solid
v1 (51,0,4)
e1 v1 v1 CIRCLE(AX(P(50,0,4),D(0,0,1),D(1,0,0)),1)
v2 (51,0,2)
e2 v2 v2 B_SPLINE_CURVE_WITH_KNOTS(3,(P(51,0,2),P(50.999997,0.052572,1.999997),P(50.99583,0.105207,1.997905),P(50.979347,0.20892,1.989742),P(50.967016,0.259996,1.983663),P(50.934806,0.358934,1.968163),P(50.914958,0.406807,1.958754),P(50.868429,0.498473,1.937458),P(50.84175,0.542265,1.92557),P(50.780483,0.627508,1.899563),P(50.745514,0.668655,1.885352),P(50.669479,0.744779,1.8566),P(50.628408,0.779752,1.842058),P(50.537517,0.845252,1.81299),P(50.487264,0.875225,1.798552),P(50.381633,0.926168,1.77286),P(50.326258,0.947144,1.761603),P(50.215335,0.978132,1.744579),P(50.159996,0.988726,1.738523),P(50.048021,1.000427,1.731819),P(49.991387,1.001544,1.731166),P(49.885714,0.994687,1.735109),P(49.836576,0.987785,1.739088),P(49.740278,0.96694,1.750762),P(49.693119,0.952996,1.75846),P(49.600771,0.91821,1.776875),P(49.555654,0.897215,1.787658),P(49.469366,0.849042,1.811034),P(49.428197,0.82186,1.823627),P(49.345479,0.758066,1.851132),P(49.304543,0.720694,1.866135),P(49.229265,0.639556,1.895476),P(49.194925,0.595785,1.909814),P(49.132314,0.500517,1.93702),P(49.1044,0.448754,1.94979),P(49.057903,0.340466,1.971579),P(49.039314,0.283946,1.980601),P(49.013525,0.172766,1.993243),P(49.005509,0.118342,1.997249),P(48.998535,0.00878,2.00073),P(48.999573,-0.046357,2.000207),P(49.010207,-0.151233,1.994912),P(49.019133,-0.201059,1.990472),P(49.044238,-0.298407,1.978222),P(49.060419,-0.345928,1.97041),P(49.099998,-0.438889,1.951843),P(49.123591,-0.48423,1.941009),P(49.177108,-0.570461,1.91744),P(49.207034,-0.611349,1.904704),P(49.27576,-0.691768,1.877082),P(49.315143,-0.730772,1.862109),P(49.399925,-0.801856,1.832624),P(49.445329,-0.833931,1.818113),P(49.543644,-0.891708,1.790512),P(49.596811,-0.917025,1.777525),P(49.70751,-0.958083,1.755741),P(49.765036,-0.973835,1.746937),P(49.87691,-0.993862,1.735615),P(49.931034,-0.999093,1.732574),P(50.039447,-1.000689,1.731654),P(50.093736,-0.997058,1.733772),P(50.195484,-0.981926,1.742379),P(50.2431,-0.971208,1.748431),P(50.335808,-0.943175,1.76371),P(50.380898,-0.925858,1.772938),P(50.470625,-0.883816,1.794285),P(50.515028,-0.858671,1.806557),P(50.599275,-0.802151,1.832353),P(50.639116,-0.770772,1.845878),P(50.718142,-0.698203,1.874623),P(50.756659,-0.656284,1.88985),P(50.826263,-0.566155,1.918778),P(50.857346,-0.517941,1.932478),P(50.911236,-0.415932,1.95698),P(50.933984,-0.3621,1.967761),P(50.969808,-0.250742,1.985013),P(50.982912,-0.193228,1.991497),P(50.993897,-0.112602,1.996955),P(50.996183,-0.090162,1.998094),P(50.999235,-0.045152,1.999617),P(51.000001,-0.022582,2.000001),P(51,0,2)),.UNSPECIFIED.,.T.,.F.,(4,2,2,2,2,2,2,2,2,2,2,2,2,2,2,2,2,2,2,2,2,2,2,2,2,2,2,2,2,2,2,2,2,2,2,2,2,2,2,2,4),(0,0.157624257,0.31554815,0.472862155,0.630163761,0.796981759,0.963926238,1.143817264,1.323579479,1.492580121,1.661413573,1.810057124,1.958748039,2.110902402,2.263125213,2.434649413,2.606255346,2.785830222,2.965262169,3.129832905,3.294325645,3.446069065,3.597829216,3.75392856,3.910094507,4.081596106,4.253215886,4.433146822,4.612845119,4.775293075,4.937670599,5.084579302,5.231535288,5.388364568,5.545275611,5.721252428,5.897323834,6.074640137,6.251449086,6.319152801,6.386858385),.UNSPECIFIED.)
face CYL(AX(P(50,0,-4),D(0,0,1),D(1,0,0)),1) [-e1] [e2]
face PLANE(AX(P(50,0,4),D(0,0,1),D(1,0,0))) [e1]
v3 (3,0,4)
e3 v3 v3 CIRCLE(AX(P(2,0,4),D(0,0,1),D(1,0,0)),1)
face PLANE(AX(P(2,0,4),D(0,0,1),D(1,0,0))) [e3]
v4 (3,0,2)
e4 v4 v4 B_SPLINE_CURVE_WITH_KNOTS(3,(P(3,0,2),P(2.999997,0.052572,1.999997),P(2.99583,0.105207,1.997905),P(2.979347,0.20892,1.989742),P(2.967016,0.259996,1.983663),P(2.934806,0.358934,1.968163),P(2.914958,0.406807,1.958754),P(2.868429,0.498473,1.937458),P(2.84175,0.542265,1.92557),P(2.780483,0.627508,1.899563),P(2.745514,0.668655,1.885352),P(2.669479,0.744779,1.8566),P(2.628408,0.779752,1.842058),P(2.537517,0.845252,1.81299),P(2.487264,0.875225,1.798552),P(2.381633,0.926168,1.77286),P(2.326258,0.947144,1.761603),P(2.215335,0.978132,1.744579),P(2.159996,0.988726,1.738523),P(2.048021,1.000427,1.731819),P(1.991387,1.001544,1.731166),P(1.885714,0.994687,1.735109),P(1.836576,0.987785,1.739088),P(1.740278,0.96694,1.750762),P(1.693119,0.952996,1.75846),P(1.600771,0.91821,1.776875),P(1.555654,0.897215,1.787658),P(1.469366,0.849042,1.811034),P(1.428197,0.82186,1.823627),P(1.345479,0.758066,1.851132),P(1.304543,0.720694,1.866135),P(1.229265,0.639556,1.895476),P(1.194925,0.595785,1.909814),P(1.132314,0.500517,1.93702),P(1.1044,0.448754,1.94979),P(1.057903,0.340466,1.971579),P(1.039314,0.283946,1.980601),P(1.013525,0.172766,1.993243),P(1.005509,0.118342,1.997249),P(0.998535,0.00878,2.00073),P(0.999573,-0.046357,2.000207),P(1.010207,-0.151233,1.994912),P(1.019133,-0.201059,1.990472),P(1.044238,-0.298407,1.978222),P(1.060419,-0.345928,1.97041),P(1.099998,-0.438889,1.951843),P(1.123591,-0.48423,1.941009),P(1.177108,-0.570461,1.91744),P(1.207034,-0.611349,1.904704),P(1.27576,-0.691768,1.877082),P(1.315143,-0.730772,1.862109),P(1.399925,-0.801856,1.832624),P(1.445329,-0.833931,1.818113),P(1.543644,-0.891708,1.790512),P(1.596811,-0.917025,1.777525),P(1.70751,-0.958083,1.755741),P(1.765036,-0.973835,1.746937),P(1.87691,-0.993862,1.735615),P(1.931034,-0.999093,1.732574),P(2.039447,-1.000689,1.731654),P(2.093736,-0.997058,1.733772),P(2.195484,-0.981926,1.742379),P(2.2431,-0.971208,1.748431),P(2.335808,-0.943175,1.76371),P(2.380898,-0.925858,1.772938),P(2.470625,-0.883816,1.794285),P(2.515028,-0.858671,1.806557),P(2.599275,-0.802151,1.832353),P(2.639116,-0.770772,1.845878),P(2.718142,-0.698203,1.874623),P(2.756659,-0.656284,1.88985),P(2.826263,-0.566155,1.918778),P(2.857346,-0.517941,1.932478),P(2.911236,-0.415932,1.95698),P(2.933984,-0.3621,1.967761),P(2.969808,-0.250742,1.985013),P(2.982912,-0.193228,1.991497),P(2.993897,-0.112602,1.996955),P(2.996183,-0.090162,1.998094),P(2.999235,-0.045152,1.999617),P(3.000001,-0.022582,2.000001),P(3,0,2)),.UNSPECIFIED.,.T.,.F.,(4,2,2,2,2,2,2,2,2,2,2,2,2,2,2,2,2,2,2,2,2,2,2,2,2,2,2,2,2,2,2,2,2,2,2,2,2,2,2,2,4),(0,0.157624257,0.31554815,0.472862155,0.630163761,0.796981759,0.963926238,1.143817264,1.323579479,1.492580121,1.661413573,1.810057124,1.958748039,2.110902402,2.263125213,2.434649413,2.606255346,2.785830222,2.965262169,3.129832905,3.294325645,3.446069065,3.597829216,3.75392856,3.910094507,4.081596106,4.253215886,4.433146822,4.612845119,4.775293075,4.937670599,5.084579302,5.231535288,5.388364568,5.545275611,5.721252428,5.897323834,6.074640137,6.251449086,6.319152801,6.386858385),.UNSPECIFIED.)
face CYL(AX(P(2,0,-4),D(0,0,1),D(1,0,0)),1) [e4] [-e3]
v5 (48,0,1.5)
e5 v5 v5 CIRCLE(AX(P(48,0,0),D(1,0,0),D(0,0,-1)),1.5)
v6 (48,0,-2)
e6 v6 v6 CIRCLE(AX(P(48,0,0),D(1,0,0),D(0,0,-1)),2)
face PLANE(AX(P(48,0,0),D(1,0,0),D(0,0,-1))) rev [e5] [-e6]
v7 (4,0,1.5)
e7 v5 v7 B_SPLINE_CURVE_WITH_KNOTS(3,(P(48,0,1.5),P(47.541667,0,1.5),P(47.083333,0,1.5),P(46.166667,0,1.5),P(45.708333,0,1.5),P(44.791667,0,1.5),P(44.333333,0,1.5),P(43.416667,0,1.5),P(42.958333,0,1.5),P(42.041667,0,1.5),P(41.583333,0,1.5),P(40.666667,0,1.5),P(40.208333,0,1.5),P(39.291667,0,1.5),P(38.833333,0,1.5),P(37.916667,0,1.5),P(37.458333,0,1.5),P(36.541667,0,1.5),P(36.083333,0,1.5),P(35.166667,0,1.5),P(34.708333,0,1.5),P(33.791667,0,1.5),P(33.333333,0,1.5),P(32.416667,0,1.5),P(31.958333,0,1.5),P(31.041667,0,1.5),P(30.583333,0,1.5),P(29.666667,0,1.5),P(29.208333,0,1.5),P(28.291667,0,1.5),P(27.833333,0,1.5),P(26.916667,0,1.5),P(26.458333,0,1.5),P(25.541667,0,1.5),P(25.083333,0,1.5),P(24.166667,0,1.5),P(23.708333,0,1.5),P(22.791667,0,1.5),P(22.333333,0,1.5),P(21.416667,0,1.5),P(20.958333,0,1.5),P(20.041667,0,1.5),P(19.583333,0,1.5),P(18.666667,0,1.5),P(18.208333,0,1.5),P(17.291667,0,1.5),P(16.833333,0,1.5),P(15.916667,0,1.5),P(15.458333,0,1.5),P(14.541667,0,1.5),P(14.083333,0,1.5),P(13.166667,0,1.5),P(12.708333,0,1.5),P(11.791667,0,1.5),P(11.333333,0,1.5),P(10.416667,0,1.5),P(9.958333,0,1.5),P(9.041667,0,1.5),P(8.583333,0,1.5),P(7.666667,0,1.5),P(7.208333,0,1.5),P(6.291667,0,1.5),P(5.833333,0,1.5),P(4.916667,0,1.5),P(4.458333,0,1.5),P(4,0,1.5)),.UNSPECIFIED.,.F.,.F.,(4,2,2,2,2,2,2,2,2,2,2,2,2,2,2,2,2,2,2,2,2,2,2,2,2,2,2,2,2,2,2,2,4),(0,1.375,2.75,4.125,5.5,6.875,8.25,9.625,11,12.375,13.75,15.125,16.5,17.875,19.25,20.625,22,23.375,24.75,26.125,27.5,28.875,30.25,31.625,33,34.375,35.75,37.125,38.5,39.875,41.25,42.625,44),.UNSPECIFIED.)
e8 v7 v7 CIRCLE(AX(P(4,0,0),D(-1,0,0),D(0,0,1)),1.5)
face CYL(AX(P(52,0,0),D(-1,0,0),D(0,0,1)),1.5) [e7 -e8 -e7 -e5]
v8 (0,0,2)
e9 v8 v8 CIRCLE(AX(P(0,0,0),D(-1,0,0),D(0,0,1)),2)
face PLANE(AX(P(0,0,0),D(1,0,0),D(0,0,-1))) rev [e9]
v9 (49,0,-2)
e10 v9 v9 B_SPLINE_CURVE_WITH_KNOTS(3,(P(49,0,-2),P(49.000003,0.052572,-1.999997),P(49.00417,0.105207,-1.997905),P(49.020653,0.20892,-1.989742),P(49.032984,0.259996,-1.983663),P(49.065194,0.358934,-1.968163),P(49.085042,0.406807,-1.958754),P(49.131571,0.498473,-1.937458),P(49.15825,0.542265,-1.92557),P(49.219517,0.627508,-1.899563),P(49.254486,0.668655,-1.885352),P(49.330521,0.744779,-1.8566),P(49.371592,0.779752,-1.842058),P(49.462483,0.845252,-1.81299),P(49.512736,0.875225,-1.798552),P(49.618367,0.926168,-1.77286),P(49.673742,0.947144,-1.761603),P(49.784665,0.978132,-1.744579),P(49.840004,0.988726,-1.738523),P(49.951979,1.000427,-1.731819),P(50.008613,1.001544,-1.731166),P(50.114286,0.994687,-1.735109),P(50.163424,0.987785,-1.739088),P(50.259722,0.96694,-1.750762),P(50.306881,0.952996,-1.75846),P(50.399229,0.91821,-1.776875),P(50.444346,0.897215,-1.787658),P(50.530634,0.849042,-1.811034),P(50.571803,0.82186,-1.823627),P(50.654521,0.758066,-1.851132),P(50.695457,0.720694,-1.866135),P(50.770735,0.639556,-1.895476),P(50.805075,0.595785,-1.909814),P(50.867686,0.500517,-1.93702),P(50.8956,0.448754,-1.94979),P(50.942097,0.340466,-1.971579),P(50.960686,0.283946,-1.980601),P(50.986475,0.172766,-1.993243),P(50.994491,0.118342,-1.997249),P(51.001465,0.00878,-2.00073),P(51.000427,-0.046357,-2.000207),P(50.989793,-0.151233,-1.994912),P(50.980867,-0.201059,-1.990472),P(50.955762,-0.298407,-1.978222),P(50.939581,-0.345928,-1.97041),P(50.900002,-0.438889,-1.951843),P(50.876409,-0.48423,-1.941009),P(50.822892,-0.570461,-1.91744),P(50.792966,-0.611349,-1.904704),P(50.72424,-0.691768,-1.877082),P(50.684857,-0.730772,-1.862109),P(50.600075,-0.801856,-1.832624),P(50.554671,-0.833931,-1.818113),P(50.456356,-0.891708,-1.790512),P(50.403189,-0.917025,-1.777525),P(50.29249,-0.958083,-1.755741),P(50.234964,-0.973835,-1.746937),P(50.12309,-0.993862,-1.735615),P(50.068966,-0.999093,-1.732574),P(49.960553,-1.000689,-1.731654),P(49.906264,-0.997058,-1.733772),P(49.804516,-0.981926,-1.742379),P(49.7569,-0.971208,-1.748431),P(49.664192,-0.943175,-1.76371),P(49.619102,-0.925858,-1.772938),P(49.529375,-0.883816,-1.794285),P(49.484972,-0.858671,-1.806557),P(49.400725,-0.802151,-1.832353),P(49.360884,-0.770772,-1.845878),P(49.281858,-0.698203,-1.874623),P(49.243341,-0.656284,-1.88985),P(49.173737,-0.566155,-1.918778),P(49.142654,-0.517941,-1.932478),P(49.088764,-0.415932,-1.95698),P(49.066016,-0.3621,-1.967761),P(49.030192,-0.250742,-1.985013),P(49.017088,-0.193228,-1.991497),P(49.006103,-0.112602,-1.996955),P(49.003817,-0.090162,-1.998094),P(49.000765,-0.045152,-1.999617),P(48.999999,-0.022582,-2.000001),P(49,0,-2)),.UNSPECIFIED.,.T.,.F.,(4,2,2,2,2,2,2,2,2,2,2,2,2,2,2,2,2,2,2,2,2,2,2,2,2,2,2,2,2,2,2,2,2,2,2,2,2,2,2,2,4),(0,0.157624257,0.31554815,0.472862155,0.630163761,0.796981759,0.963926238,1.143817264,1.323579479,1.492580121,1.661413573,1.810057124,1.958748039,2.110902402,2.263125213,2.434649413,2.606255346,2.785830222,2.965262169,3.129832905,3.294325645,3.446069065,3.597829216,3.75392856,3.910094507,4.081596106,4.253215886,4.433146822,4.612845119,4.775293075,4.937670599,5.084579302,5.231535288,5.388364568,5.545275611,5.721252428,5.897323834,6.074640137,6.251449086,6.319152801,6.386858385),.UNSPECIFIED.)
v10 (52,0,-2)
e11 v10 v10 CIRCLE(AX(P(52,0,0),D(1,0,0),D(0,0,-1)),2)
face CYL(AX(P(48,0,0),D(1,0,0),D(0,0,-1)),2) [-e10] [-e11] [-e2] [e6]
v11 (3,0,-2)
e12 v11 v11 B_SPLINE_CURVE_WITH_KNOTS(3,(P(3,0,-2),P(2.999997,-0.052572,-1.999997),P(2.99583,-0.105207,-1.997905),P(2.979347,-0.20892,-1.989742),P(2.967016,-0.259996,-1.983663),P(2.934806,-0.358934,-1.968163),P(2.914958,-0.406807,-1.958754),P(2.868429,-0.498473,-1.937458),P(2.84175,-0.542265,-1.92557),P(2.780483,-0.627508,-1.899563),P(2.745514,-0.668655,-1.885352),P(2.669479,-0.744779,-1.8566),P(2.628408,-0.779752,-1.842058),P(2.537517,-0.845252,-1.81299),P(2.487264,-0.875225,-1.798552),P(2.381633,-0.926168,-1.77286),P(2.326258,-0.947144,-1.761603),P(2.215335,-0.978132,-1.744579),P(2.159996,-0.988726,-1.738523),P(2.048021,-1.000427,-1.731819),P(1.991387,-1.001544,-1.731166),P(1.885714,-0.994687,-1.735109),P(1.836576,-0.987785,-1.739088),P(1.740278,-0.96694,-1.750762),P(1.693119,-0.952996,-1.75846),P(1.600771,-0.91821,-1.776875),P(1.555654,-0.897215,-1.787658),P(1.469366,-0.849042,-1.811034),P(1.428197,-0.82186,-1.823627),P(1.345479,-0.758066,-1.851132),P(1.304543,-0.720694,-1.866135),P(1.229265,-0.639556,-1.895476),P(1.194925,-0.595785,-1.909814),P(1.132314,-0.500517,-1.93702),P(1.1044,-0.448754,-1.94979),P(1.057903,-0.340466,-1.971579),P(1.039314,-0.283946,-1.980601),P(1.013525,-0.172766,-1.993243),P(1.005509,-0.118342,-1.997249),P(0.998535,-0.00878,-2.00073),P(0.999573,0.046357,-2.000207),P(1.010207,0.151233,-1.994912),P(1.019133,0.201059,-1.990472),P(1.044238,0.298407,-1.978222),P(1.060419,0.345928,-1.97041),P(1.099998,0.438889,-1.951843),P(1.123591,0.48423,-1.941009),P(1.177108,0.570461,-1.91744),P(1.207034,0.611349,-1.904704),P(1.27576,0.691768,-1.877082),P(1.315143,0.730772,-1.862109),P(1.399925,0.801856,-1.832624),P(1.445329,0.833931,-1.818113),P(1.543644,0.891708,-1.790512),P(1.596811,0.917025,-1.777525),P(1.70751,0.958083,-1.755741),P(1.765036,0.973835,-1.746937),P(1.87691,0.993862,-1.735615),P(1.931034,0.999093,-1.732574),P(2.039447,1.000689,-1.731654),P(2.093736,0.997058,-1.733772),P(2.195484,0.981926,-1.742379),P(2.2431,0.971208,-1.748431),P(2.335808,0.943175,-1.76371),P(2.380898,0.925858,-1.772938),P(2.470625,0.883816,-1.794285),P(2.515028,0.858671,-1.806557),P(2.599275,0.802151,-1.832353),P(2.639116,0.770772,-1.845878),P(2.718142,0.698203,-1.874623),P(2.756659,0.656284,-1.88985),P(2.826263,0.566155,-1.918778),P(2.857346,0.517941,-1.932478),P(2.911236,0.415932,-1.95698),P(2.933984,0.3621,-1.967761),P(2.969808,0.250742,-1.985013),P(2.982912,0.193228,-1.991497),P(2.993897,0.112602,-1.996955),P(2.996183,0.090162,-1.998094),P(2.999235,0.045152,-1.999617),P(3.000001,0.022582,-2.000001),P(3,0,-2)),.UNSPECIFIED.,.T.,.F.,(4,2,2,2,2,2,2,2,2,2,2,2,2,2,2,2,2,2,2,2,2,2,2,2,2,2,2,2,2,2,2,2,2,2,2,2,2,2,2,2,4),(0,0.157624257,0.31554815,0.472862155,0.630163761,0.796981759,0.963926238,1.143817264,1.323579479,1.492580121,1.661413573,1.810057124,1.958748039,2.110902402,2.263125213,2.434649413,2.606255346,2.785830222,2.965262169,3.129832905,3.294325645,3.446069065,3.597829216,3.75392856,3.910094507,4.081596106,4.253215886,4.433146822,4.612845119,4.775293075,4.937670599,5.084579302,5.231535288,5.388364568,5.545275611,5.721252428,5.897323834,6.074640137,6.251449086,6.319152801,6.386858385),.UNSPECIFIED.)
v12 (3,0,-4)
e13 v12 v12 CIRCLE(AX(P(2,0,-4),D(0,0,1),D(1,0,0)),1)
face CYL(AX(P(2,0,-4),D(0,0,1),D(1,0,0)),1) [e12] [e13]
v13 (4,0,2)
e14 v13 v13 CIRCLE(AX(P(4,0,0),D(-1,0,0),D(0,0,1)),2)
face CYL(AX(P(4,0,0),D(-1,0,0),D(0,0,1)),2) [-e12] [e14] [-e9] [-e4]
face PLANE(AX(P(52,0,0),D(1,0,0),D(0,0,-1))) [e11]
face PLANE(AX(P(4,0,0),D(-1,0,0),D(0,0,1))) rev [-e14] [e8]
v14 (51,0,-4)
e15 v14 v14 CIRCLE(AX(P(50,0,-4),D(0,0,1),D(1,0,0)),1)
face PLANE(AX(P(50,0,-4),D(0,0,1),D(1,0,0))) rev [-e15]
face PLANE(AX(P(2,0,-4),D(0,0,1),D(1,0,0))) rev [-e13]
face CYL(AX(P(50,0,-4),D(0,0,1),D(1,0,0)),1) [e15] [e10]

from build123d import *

# Parameters (mm, degrees)
SKETCH1_R                = 1.5
BOSS_EXTRUDE1_DEPTH      = 52
SKETCH2_R                = 2
BOSS_EXTRUDE2_DEPTH      = 4
BOSS_EXTRUDE3_START      = -4
SKETCH3_R                = 2
BOSS_EXTRUDE3_DEPTH      = 4
BOSS_EXTRUDE4_DEPTH      = 2
BOSS_EXTRUDE4_DEPTH_BACK = 6
SKETCH4_R                = 1


with BuildPart() as part:
    # Sketch1 → Boss-Extrude1 (new body)
    with BuildSketch(Plane(origin=(0, 0, 0), x_dir=(0, 0, -1), z_dir=(1, 0, 0))):
        with Locations(Location((0, 0, 0), (0, 0, 180))):
            Circle(SKETCH1_R)
    extrude(amount=BOSS_EXTRUDE1_DEPTH)

    # Sketch2 → Boss-Extrude2 (add)
    with BuildSketch(Plane(origin=(52, 0, 0), x_dir=(0, 0, -1), z_dir=(1, 0, 0))):
        Circle(SKETCH2_R)
    extrude(amount=-BOSS_EXTRUDE2_DEPTH)

    # Sketch3 → Boss-Extrude3 (add)
    with BuildSketch(Plane.ZY.offset(BOSS_EXTRUDE3_START)):
        with Locations(Location((0, 0, 0), (0, 0, 180))):
            Circle(SKETCH3_R)
    extrude(amount=BOSS_EXTRUDE3_DEPTH)

    # Sketch4 → Boss-Extrude4 (add, two sides: drawn at the far end of the back side and taken through both)
    with BuildSketch(Plane.XY.offset(2).offset(-BOSS_EXTRUDE4_DEPTH_BACK)):
        with Locations((50, 0)):
            Circle(SKETCH4_R)
        with Locations((2, 0)):
            Circle(SKETCH4_R)
    extrude(amount=BOSS_EXTRUDE4_DEPTH + BOSS_EXTRUDE4_DEPTH_BACK)


solid = part.part
